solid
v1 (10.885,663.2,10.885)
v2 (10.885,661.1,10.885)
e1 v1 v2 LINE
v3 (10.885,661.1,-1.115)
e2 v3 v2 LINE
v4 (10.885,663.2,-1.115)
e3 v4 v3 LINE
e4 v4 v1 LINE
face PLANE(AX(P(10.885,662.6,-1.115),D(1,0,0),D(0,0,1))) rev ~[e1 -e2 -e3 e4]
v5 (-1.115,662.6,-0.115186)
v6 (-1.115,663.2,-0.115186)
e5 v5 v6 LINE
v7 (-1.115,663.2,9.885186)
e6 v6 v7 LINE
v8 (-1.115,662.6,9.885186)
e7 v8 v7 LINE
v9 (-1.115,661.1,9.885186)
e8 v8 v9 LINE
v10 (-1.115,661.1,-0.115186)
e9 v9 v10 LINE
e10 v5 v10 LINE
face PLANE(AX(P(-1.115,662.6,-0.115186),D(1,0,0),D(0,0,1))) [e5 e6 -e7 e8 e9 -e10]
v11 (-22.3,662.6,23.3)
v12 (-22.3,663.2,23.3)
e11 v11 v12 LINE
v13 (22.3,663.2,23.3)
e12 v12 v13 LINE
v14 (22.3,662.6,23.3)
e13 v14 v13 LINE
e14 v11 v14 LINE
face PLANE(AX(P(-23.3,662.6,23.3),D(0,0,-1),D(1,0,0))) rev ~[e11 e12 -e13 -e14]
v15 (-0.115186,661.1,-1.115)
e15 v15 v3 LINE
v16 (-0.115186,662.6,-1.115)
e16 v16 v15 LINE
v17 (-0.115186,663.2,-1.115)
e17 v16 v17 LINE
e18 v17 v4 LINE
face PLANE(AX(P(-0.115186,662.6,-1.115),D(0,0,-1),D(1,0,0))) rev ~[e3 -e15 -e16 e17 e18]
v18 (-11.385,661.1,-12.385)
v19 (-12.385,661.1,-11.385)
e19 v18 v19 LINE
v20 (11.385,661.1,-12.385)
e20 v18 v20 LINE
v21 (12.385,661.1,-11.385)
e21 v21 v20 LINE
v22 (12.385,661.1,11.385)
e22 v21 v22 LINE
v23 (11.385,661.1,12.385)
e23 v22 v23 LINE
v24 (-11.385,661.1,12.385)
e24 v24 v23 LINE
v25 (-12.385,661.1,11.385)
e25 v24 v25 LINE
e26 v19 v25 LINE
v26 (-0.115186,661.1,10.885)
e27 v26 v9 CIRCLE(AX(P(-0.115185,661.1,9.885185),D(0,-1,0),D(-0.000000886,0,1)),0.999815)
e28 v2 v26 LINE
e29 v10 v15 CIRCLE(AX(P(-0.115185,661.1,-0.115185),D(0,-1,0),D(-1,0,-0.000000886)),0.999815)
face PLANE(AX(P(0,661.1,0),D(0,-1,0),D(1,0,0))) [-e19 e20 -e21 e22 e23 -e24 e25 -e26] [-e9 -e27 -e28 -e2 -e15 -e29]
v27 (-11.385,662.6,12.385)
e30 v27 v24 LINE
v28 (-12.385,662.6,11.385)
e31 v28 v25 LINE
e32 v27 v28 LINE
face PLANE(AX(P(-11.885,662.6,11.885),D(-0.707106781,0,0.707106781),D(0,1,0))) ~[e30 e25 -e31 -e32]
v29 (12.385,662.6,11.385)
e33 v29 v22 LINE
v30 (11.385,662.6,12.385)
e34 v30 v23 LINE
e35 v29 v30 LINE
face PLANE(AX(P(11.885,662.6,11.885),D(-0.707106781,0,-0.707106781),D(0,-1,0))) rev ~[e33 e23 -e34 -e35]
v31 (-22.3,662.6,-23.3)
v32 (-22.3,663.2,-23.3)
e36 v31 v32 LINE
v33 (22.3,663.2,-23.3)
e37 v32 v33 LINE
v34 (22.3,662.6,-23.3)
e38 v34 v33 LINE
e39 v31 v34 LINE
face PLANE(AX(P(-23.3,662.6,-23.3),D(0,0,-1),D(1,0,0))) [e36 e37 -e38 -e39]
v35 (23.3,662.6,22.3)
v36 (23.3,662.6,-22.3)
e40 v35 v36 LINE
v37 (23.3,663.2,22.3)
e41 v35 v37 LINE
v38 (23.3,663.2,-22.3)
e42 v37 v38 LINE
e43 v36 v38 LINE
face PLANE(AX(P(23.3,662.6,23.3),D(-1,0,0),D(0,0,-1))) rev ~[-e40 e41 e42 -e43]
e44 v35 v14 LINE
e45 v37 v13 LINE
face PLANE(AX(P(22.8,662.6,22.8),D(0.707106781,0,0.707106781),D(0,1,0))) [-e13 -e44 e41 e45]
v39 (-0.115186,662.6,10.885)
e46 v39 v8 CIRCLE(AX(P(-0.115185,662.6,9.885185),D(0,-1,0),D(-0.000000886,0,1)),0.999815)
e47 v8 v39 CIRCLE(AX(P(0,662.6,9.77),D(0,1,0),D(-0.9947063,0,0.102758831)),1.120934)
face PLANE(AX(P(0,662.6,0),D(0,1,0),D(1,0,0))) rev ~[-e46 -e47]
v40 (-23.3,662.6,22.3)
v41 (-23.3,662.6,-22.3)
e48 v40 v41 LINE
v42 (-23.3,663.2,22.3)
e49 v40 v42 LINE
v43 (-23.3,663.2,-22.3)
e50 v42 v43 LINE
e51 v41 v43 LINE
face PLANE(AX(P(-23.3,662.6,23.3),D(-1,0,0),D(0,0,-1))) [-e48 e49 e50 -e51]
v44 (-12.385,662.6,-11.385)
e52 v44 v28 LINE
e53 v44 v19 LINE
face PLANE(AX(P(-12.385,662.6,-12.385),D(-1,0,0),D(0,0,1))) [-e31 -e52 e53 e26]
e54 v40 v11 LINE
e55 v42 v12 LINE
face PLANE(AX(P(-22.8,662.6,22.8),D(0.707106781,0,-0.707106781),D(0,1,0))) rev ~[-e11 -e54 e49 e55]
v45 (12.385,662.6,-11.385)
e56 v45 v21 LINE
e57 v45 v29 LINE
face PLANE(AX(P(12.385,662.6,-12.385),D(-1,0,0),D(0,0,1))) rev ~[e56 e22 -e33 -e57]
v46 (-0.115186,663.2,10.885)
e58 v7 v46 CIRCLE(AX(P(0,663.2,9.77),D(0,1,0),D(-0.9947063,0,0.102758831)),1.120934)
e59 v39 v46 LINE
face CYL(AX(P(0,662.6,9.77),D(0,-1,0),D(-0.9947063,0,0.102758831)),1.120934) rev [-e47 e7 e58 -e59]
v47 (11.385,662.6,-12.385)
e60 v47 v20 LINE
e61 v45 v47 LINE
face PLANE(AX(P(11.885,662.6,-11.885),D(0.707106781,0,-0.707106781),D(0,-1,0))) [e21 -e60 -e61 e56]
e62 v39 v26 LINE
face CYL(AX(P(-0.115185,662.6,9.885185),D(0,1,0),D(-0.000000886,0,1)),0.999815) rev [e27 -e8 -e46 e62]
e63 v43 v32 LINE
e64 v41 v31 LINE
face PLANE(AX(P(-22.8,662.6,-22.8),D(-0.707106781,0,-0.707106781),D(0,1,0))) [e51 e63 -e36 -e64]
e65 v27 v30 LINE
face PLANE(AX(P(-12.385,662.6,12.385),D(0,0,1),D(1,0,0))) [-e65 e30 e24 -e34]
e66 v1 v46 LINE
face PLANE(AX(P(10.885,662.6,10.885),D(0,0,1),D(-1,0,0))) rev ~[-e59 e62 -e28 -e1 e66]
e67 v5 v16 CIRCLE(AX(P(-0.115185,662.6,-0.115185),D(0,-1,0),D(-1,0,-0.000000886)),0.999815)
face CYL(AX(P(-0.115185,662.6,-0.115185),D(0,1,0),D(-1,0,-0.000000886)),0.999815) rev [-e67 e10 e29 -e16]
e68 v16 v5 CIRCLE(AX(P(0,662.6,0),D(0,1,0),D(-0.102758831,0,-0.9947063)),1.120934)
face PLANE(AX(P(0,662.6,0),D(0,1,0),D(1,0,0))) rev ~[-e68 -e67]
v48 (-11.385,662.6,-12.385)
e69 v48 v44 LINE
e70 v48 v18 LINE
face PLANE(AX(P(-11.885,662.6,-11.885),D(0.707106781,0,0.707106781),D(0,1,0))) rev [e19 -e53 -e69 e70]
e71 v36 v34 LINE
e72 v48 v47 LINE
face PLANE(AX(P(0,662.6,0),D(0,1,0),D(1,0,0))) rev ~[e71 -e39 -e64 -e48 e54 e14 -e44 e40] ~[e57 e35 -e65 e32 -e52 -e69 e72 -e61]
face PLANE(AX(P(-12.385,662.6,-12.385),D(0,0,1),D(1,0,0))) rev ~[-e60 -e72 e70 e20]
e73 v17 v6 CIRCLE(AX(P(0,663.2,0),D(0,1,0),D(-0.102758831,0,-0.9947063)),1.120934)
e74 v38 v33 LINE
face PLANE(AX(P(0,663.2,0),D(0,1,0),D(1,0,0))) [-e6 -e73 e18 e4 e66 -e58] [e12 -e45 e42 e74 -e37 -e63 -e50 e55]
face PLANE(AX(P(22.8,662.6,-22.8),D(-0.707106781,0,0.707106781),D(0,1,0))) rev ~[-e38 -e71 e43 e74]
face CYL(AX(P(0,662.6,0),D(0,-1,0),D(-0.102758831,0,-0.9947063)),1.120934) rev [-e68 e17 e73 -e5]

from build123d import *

# Parameters (mm, degrees)
SKETCH008_W     = 24.77
SKETCH008_H     = 24.77
PAD004_DEPTH    = 1.5
SKETCH009_W     = 46.6
SKETCH009_H     = 46.6
PAD005_DEPTH    = 0.6
CHAMFER001_SIZE = 1


with BuildPart() as part:
    # Sketch008 → Pad004 (new body)
    with BuildSketch(Plane.XZ.offset(-662.6)):
        Rectangle(SKETCH008_W, SKETCH008_H)
        with BuildLine():
            Line((-0.115186, -1.115), (10.885, -1.115))
            Line((10.885, -1.115), (10.885, 10.885))
            Line((10.885, 10.885), (-0.115186, 10.885))
            ThreePointArc((-0.115186, 10.885), (-0.822161, 10.592161), (-1.115, 9.885186))
            Line((-1.115, 9.885186), (-1.115, -0.115186))
            ThreePointArc((-1.115, -0.115186), (-0.822161, -0.822161), (-0.115186, -1.115))
        make_face(mode=Mode.SUBTRACT)
    extrude(amount=PAD004_DEPTH)

    # Sketch009 (on Face11 of Pad004) → Pad005 (join)
    with BuildSketch(Plane(origin=(0, 662.6, 0), x_dir=(1, 0, 0), z_dir=(0, 1, 0))):
        Rectangle(SKETCH009_W, SKETCH009_H)
        with BuildLine():
            ThreePointArc((-0.115186, 1.115), (-0.79262, 0.79262), (-1.115, 0.115186))
            Line((-1.115, 0.115186), (-1.115, -9.885186))
            ThreePointArc((-1.115, -9.885186), (-0.79262, -10.56262), (-0.115186, -10.885))
            Line((10.885, -10.885), (-0.115186, -10.885))
            Line((10.885, 1.115), (10.885, -10.885))
            Line((-0.115186, 1.115), (10.885, 1.115))
        make_face(mode=Mode.SUBTRACT)
    extrude(amount=PAD005_DEPTH)

    # Chamfer001
    chamfer001_edges = [part.edges().sort_by_distance(p)[0] for p in [
        (12.385, 661.85, 12.385),
        (-12.385, 661.85, 12.385),
        (-12.385, 661.85, -12.385),
        (12.385, 661.85, -12.385),
        (23.3, 662.9, 23.3),
        (-23.3, 662.9, 23.3),
        (23.3, 662.9, -23.3),
        (-23.3, 662.9, -23.3),
    ]]
    chamfer(chamfer001_edges, length=CHAMFER001_SIZE)


solid = part.part
